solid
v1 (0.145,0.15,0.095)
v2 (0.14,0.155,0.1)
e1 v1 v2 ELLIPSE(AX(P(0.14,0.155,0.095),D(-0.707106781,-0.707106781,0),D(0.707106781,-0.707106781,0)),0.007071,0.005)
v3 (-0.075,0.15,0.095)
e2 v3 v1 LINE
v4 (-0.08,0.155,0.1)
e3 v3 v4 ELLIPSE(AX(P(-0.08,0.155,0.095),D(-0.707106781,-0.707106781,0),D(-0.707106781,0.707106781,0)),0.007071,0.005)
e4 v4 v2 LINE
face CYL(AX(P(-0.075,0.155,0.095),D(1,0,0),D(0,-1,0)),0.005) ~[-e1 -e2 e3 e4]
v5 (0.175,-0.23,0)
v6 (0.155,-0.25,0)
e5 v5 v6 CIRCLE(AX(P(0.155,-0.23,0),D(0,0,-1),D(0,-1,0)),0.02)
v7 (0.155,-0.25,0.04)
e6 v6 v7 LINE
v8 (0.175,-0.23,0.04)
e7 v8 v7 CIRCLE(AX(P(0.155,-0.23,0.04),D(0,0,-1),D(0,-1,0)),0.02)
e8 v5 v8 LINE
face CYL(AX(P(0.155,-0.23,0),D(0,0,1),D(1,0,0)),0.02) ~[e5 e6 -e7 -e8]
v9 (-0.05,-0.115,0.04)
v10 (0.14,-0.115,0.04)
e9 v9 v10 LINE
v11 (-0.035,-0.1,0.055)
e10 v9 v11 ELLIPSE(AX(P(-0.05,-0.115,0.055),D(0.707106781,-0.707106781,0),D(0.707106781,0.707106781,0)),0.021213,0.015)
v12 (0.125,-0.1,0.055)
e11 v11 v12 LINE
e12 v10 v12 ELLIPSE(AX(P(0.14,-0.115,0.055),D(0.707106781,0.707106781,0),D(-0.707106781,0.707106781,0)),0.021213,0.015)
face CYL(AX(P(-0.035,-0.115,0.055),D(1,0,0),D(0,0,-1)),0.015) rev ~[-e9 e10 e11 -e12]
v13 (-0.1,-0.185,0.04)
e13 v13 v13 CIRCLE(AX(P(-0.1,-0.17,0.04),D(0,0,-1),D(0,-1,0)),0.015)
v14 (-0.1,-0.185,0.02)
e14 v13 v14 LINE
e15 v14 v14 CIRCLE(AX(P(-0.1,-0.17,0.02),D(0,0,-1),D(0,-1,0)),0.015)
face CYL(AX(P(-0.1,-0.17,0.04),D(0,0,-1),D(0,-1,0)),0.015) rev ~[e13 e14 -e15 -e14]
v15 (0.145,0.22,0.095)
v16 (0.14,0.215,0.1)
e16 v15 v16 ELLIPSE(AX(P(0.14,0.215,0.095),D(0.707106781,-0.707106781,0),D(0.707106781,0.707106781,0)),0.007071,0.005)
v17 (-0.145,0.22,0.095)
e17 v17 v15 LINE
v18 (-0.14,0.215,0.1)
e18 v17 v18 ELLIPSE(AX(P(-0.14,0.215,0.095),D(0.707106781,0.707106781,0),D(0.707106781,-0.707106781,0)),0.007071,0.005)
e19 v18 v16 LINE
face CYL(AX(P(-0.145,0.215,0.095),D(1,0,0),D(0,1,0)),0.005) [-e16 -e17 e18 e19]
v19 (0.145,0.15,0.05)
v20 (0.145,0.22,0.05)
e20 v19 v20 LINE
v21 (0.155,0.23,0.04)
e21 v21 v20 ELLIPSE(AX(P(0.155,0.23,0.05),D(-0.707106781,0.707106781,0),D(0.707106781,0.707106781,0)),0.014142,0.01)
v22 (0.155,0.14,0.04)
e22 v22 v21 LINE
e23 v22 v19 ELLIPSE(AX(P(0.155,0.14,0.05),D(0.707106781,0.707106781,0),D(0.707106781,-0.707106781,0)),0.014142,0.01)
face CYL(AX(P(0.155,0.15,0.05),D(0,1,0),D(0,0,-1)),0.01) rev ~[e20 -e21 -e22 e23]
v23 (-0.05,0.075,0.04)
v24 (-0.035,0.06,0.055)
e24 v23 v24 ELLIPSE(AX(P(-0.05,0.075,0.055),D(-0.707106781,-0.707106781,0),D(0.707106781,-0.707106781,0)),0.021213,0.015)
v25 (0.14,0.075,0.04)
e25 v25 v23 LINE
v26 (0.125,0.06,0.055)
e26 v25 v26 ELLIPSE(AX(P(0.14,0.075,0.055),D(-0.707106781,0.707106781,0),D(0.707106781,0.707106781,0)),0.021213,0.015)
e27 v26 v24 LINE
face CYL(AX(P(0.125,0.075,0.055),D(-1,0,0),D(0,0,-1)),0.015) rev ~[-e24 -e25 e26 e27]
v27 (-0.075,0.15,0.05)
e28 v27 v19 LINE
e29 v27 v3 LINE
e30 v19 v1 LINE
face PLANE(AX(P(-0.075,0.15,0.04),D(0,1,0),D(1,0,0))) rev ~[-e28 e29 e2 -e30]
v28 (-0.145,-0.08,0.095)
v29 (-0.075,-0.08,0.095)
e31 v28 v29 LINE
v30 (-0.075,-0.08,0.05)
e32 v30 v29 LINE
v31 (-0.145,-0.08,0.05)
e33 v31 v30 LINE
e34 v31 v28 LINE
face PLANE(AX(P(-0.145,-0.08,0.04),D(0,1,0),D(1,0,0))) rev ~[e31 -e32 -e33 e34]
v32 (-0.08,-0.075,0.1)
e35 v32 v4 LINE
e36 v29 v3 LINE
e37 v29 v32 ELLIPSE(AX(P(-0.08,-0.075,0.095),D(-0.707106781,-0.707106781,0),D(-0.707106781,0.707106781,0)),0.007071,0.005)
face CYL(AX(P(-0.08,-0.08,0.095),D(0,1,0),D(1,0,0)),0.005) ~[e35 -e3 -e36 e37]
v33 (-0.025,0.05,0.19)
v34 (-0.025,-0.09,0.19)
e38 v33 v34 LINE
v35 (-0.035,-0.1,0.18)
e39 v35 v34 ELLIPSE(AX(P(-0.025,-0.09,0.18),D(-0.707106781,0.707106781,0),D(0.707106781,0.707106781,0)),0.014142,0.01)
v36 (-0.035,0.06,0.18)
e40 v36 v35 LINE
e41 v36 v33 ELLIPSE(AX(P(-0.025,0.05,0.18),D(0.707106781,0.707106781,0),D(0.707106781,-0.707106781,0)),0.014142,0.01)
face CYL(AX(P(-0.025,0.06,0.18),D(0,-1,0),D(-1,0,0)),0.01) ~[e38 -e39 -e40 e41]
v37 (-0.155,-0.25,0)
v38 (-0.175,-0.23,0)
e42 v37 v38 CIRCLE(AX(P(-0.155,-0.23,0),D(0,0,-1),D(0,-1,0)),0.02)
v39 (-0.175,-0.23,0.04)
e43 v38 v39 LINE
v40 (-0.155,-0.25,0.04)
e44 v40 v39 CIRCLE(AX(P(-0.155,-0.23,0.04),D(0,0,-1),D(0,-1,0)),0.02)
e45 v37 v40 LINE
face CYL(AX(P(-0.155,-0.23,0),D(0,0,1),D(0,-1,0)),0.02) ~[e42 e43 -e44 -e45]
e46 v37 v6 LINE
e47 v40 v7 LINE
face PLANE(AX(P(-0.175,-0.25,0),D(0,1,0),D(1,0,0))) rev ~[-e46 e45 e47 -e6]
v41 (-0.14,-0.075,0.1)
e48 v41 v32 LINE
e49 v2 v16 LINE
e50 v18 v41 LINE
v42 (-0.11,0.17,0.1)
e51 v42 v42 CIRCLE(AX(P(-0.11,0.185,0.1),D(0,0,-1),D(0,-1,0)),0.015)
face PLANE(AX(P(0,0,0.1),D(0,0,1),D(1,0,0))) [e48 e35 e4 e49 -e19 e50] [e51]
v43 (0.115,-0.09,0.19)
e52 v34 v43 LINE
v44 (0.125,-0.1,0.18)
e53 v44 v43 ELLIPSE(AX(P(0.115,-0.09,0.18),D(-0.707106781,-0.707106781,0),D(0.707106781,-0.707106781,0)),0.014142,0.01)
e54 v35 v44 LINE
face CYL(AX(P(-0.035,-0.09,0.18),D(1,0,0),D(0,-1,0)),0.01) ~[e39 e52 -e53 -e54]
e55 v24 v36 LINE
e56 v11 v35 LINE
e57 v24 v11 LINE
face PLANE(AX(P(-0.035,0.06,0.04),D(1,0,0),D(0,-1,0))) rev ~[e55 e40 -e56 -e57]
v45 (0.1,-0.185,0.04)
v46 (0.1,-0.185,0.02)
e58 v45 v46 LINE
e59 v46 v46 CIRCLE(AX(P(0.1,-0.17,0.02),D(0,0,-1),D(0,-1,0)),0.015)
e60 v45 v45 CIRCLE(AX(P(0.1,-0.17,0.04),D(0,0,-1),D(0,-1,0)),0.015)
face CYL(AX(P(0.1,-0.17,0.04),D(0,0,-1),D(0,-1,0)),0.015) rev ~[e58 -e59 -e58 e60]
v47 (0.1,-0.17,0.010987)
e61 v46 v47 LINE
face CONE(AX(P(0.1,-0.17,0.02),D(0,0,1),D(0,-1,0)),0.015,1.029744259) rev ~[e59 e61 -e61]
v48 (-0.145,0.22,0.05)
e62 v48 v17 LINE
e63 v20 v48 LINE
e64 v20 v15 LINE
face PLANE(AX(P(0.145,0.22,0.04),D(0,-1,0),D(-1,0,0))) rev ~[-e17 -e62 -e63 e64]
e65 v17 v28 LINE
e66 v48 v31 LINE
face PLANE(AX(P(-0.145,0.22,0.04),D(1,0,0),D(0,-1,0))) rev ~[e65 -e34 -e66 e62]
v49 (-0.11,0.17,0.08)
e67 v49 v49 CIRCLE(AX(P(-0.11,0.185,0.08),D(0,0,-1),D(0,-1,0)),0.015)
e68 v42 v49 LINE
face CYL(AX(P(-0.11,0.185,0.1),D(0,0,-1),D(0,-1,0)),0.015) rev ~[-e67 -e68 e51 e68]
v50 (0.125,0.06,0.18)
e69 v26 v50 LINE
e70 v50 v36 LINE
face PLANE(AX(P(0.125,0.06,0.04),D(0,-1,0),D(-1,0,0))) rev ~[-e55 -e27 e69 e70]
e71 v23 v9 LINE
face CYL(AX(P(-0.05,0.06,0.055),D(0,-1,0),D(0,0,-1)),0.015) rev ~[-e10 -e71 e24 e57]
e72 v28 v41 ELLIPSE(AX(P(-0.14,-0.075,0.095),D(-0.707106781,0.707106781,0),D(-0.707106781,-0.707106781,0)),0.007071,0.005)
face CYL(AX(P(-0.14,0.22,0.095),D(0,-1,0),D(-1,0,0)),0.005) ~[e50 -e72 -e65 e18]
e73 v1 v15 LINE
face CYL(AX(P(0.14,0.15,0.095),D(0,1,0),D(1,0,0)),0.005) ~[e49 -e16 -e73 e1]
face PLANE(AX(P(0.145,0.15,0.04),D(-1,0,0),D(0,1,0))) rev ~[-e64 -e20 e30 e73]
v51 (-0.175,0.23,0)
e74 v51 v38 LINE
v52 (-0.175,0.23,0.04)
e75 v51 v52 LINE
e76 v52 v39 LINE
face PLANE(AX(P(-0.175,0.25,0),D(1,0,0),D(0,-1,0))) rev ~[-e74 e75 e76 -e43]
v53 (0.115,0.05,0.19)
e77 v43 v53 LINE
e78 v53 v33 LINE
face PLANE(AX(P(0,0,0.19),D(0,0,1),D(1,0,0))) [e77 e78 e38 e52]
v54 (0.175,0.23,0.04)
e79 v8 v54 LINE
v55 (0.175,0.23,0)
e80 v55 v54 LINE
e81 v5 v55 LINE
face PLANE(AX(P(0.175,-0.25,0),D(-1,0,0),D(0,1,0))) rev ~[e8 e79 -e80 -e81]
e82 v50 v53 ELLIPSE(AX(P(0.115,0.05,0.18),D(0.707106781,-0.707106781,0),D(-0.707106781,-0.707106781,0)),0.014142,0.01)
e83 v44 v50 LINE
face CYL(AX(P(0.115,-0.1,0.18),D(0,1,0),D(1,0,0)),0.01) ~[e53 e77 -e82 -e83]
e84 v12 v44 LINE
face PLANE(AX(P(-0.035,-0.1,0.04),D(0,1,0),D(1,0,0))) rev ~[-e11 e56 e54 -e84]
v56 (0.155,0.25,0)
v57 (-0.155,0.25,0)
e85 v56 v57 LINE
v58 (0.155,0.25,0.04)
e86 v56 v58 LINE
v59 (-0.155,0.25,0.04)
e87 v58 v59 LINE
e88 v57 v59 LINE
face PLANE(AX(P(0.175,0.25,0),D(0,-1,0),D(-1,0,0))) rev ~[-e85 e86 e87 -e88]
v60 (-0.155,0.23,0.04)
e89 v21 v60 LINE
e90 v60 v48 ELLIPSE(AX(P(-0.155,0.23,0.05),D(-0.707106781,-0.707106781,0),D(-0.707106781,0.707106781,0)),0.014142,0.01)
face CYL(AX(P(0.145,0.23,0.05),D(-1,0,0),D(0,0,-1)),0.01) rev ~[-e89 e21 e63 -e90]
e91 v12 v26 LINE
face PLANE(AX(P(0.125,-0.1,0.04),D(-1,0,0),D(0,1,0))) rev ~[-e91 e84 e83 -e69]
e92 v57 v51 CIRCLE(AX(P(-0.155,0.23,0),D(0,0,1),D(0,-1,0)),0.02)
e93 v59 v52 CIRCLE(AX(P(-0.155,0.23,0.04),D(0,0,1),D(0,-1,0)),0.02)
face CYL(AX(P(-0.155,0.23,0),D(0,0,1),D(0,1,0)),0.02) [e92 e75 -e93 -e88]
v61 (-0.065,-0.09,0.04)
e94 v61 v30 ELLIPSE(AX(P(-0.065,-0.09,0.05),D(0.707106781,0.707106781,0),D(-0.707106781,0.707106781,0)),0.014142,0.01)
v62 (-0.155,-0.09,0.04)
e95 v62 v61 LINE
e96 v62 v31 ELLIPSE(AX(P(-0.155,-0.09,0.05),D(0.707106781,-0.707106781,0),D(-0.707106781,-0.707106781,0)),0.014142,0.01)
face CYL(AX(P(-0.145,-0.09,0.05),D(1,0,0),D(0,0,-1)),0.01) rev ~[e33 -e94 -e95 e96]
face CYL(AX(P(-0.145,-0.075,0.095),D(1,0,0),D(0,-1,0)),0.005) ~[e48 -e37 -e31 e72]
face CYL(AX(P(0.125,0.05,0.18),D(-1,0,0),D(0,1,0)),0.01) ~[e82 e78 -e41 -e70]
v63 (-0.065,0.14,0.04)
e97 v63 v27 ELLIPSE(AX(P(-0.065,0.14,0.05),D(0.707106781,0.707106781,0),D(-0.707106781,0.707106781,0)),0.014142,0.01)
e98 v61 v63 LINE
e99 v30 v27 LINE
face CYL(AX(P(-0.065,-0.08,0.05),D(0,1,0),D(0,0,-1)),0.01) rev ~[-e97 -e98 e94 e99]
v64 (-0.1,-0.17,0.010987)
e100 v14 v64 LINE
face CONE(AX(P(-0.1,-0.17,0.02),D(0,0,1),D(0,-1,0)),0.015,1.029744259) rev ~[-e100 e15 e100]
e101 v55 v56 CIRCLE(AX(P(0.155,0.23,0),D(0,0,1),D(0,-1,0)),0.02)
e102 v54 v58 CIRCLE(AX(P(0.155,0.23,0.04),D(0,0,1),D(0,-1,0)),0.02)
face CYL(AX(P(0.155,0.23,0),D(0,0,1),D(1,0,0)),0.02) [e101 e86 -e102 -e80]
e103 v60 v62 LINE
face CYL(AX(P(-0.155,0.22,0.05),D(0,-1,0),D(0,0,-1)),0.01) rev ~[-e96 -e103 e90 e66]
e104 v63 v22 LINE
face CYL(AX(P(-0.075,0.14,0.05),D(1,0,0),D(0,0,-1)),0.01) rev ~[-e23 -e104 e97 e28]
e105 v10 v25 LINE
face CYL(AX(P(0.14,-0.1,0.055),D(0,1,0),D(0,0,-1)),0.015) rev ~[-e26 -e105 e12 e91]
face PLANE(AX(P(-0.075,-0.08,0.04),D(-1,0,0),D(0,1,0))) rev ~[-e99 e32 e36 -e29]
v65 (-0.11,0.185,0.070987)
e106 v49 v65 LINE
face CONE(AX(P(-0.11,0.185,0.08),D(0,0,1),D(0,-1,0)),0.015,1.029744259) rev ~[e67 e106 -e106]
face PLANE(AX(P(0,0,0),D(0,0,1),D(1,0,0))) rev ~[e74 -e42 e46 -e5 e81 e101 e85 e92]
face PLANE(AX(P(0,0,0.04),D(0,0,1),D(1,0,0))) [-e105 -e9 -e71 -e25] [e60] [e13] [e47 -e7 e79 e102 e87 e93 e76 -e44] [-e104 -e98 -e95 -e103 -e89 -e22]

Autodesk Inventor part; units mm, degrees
ref_plane "YZ Plane" through (0, 0, 0) normal (1, 0, 0) x (0, 1, 0)
ref_plane "XZ Plane" through (0, 0, 0) normal (0, 1, 0) x (-1, 0, 0)
ref_plane "XY Plane" through (0, 0, 0) normal (0, 0, 1) x (1, 0, 0)
sketch "Schizzo1" plane through (0, 0, 0) normal (0, 0, 1) x (1, 0, 0)
  line L0 (0.175, 0.25) -> (-0.175, 0.25)
  line L1 (-0.175, 0.25) -> (-0.175, -0.25)
  line L2 (-0.175, -0.25) -> (0.175, -0.25)
  line L3 (0.175, -0.25) -> (0.175, 0.25)
  line L4 (0.175, 0.25) -> (-0.175, -0.25) construction
  line L5 (-0.175, 0.25) -> (0.175, -0.25) construction
  point P0 (0, 0)
  dimension "d0" = 0.5
  dimension "d1" = 0.35
extrude "Estrusione1" add sketch "Schizzo1" along normal blind 0.04
sketch "Schizzo2" plane through (0, 0, 0.04) normal (0, 0, 1) x (1, 0, 0)
  line L0 (-0.175, 0.25) -> (-0.175, -0.25) construction
  line L1 (-0.175, -0.25) -> (0.175, -0.25) construction
  line L2 (0.175, -0.25) -> (0.175, 0.25) construction
  line L3 (0.175, 0.25) -> (-0.175, 0.25) construction
  line L4 (-0.145, -0.08) -> (-0.075, -0.08)
  line L5 (-0.075, -0.08) -> (-0.075, 0.22)
  line L6 (-0.075, 0.22) -> (-0.145, 0.22)
  line L7 (-0.145, 0.22) -> (-0.145, -0.08)
  point P0 (0, 0)
  dimension "d4" = 0.03
  dimension "d5" = 0.03
  dimension "d6" = 0.07
  dimension "d7" = 0.3
extrude "Estrusione2" add sketch "Schizzo2" along normal blind 0.06
sketch "Schizzo3" plane through (0, 0, 0.04) normal (0, 0, 1) x (1, 0, 0)
  line L0 (-0.075, -0.08) -> (-0.145, -0.08) construction
  line L1 (-0.145, -0.08) -> (-0.145, 0.22) construction
  line L2 (-0.145, 0.22) -> (-0.075, 0.22) construction
  line L3 (-0.075, 0.22) -> (-0.075, -0.08) construction
  line L4 (-0.175, 0.25) -> (-0.175, -0.25) construction
  line L5 (-0.175, -0.25) -> (0.175, -0.25) construction
  line L6 (0.175, -0.25) -> (0.175, 0.25) construction
  line L7 (0.175, 0.25) -> (-0.175, 0.25) construction
  line L8 (-0.075, 0.15) -> (0.145, 0.15)
  line L9 (0.145, 0.15) -> (0.145, 0.22)
  line L10 (0.145, 0.22) -> (-0.075, 0.22)
  line L11 (-0.075, 0.22) -> (-0.075, 0.15)
  line L12 (-0.075, -0.08) -> (-0.075, 0.22) projected
  line L13 (-0.075, 0.22) -> (-0.145, 0.22) projected
  point P0 (0, 0)
  dimension "d10" = 0.03
  dimension "d11" = 0.07
extrude "Estrusione3" add sketch "Schizzo3" along normal blind 0.06
sketch "Schizzo4" plane through (0, 0, 0.04) normal (0, 0, 1) x (1, 0, 0)
  line L0 (-0.035, -0.1) -> (0.125, -0.1)
  line L1 (0.125, -0.1) -> (0.125, 0.06)
  line L2 (0.125, 0.06) -> (-0.035, 0.06)
  line L3 (-0.035, 0.06) -> (-0.035, -0.1)
  line L4 (-0.175, 0.25) -> (-0.175, -0.25) construction
  line L5 (-0.175, -0.25) -> (0.175, -0.25) construction
  line L6 (0.175, -0.25) -> (0.175, 0.25) construction
  line L7 (0.175, 0.25) -> (-0.175, 0.25) construction
  line L8 (-0.145, 0.22) -> (0.145, 0.22) construction
  line L9 (0.145, 0.22) -> (0.145, 0.15) construction
  line L10 (0.145, 0.15) -> (-0.075, 0.15) construction
  line L11 (-0.075, 0.15) -> (-0.075, -0.08) construction
  line L12 (-0.075, -0.08) -> (-0.145, -0.08) construction
  line L13 (-0.145, -0.08) -> (-0.145, 0.22) construction
  point P0 (0, 0)
  dimension "d14" = 0.16
  dimension "d15" = 0.16
  dimension "d16" = 0.05
  dimension "d17" = 0.15
extrude "Estrusione4" add sketch "Schizzo4" along normal blind 0.15
sketch "Schizzo5" plane through (0, 0, 0.04) normal (0, 0, 1) x (1, 0, 0)
  line L0 (0.125, -0.1) -> (-0.035, -0.1) construction
  line L1 (-0.035, -0.1) -> (-0.035, 0.06) construction
  line L2 (-0.035, 0.06) -> (0.125, 0.06) construction
  line L3 (0.125, 0.06) -> (0.125, -0.1) construction
  line L4 (-0.175, 0.25) -> (-0.175, -0.25) construction
  line L5 (-0.175, -0.25) -> (0.175, -0.25) construction
  line L6 (0.175, -0.25) -> (0.175, 0.25) construction
  line L7 (0.175, 0.25) -> (-0.175, 0.25) construction
  line L8 (-0.145, 0.22) -> (0.145, 0.22) construction
  line L9 (0.145, 0.22) -> (0.145, 0.15) construction
  line L10 (0.145, 0.15) -> (-0.075, 0.15) construction
  line L11 (-0.075, 0.15) -> (-0.075, -0.08) construction
  line L12 (-0.075, -0.08) -> (-0.145, -0.08) construction
  line L13 (-0.145, -0.08) -> (-0.145, 0.22) construction
  line L14 (0.125, -0.1) -> (0.125, 0.06) construction
  line L15 (0.125, 0.06) -> (-0.035, 0.06) construction
  line L16 (-0.035, 0.06) -> (-0.035, -0.1) construction
  line L17 (-0.035, -0.1) -> (0.125, -0.1) construction
  line L18 (-0.075, -0.08) -> (-0.075, 0.15) construction
  line L19 (-0.075, 0.15) -> (0.145, 0.15) construction
  line L20 (0.145, 0.15) -> (0.145, 0.22) construction
  line L21 (0.145, 0.22) -> (-0.145, 0.22) construction
  line L22 (-0.145, 0.22) -> (-0.145, -0.08) construction
  line L23 (-0.145, -0.08) -> (-0.075, -0.08) construction
  line L24 (-0.145, -0.08) -> (-0.075, -0.08) projected
  point P0 (0, 0)
  point P1 (-0.1, -0.17)
  point P2 (0.1, -0.17)
  point P3 (-0.11, -0.08)
  dimension "d20" = 0.08
  dimension "d21" = 0.2
  dimension "d22" = 0.075
hole "Foro1" at (-0.1, -0.17, 0.04) at (0.1, -0.17, 0.04) direction (0, 0, -1) diameter 0.03 depth 0.02 tip angle 118
sketch "Schizzo6" plane through (0, 0, 0.1) normal (0, 0, 1) x (1, 0, 0)
  line L0 (-0.075, -0.08) -> (-0.075, 0.15) construction
  line L1 (-0.075, 0.15) -> (0.145, 0.15) construction
  line L2 (0.145, 0.15) -> (0.145, 0.22) construction
  line L3 (0.145, 0.22) -> (-0.145, 0.22) construction
  line L4 (-0.145, 0.22) -> (-0.145, -0.08) construction
  line L5 (-0.145, -0.08) -> (-0.075, -0.08) construction
  point P0 (0, 0)
  point P1 (-0.11, 0.185)
  point P2 (0.145, 0.185)
  point P3 (-0.11, -0.08)
hole "Foro2" at (-0.11, 0.185, 0.1) direction (0, 0, -1) diameter 0.03 depth 0.02 tip angle 118
fillet "Raccordo1" radius 0.02 4 edges at (0.175, 0.25, 0.02) (-0.175, 0.25, 0.02) (0.175, -0.25, 0.02) (-0.175, -0.25, 0.02)
fillet "Raccordo2" radius 0.015 4 edges at (0.125, -0.02, 0.04) (0.045, -0.1, 0.04) (-0.035, -0.02, 0.04) (0.045, 0.06, 0.04)
fillet "Raccordo3" radius 0.01 4 edges at (0.045, -0.1, 0.19) (-0.035, -0.02, 0.19) (0.045, 0.06, 0.19) (0.125, -0.02, 0.19)
fillet "Raccordo4" radius 0.01 6 edges at (-0.075, 0.035, 0.04) (0.035, 0.15, 0.04) (0.145, 0.185, 0.04) (0, 0.22, 0.04) (-0.145, 0.07, 0.04) (-0.11, -0.08, 0.04)
fillet "Raccordo5" radius 0.005 6 edges at (-0.075, 0.035, 0.1) (0.035, 0.15, 0.1) (0.145, 0.185, 0.1) (0, 0.22, 0.1) (-0.145, 0.07, 0.1) (-0.11, -0.08, 0.1)
properties part number "Screwing_plate"
